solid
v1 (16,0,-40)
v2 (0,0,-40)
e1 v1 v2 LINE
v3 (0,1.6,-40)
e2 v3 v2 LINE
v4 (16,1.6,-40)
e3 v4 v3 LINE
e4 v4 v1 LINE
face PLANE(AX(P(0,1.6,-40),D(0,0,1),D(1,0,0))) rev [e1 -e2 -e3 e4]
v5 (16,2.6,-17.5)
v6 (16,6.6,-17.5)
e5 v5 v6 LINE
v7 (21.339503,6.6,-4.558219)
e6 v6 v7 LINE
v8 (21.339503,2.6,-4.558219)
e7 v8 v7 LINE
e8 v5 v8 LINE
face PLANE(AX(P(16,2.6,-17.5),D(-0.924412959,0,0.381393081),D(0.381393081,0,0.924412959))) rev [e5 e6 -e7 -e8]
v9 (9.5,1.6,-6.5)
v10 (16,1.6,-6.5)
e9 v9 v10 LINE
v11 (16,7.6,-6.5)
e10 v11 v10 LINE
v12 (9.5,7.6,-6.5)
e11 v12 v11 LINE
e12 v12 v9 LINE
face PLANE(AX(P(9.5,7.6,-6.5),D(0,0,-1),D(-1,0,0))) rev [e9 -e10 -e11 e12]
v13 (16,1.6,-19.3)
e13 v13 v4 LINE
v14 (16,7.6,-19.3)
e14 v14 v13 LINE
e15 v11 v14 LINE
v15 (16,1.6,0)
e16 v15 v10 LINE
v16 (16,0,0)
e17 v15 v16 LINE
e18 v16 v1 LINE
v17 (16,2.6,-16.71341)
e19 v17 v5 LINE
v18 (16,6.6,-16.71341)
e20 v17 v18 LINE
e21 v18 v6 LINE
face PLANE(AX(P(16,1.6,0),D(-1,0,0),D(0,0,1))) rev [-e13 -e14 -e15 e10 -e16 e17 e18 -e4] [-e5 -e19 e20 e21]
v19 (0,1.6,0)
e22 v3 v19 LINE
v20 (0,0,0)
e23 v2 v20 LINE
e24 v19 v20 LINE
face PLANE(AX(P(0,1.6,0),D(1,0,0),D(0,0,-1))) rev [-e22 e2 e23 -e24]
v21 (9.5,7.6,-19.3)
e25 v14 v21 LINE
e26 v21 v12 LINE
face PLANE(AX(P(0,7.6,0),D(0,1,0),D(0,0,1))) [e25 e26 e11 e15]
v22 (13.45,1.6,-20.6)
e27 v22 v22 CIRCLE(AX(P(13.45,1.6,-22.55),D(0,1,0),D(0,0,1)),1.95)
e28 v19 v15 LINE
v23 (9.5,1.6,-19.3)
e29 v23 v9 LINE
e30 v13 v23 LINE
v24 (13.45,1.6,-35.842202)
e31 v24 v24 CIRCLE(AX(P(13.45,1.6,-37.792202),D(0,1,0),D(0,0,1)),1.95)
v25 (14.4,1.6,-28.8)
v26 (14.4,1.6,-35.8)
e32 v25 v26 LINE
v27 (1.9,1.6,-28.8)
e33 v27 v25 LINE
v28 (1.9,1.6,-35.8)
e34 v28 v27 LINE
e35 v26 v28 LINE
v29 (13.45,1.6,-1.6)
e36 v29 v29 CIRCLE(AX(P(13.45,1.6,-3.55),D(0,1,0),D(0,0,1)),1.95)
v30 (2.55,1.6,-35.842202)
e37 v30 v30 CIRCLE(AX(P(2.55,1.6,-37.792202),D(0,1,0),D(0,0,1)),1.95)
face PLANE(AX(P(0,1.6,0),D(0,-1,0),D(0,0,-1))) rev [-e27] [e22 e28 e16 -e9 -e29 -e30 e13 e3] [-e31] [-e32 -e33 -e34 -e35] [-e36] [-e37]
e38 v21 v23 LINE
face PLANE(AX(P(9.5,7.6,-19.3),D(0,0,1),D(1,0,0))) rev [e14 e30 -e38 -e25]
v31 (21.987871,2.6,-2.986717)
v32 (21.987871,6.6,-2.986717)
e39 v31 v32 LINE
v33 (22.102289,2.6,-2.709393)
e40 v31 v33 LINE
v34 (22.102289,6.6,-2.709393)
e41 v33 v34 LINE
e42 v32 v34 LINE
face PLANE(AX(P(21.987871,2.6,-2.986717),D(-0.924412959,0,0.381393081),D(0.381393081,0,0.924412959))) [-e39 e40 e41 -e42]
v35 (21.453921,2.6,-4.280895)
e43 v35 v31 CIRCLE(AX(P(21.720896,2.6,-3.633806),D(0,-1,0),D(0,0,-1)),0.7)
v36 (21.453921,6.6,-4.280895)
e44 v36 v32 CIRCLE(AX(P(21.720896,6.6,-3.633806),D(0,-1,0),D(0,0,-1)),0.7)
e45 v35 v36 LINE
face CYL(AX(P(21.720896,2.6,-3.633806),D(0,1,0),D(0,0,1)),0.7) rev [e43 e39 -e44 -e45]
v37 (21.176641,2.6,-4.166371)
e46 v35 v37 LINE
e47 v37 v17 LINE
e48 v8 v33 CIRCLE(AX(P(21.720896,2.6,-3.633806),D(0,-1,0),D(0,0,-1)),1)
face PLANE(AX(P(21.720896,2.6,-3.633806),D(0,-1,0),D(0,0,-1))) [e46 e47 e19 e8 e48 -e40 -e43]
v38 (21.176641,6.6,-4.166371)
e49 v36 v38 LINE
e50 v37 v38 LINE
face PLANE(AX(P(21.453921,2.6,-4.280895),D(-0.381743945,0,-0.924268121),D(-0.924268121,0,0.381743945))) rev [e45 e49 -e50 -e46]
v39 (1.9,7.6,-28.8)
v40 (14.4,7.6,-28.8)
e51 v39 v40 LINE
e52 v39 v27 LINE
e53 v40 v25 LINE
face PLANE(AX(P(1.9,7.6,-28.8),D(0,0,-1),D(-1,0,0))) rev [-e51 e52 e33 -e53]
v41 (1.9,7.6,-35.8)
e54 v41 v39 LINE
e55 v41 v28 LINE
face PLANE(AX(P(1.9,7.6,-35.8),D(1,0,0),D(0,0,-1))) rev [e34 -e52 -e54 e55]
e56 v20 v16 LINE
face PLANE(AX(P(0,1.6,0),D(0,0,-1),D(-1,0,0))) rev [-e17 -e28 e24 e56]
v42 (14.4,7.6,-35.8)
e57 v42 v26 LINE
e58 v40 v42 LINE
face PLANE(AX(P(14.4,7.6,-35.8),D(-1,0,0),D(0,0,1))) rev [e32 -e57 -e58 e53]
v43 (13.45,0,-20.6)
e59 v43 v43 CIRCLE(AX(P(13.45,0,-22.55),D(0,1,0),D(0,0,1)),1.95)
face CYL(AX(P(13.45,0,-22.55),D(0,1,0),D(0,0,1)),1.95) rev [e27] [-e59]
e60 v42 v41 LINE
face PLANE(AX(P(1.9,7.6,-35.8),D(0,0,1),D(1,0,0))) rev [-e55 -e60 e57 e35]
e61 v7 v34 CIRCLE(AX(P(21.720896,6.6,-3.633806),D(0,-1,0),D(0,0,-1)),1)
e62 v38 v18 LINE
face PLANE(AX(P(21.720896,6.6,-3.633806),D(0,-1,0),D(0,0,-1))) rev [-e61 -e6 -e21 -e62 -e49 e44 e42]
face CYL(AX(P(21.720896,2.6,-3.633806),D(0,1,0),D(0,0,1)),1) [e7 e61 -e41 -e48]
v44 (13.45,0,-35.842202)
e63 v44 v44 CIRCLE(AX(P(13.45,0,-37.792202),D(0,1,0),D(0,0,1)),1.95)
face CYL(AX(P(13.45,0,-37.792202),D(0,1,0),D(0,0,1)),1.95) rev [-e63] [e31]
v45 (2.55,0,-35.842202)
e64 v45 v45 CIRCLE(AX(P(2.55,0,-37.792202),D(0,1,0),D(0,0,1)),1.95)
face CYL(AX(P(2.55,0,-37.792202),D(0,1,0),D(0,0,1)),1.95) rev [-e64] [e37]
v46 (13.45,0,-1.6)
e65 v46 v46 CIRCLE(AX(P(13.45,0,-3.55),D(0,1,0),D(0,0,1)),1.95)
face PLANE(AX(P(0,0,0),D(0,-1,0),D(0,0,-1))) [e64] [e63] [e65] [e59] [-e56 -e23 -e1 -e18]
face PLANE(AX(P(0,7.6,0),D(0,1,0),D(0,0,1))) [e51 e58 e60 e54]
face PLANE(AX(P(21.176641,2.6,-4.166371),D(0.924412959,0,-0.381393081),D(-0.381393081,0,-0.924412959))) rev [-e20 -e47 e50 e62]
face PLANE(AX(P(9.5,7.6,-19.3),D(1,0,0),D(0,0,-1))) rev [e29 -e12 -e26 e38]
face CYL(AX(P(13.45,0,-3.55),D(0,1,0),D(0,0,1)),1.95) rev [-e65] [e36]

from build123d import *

# Parameters (mm, degrees)
SKETCH1_W           = 16
SKETCH1_H           = 40
BOSS_EXTRUDE1_DEPTH = 1.6
SKETCH2_R           = 1.95
CUT_EXTRUDE1_DEPTH  = 1.6
SKETCH3_W           = 12.5
SKETCH3_H           = 7
SKETCH3_W_2         = 6.5
SKETCH3_H_2         = 12.8
BOSS_EXTRUDE2_DEPTH = 6
BOSS_EXTRUDE3_START = 1
BOSS_EXTRUDE3_DEPTH = 4


with BuildPart() as part:
    # Sketch1 → Boss-Extrude1 (new body)
    with BuildSketch(Plane(origin=(0, 0, 0), x_dir=(1, 0, 0), z_dir=(0, 1, 0))):
        with Locations((8, 20)):
            Rectangle(SKETCH1_W, SKETCH1_H)
    extrude(amount=BOSS_EXTRUDE1_DEPTH)

    # Sketch2 → Cut-Extrude1 (cut)
    with BuildSketch(Plane(origin=(0, 1.6, 0), x_dir=(1, 0, 0), z_dir=(0, 1, 0))):
        with Locations(Location((2.55, 37.792201536, 0), (0, 0, 270))):
            Circle(SKETCH2_R)
        with Locations(Location((13.45, 37.792201536, 0), (0, 0, 270))):
            Circle(SKETCH2_R)
        with Locations(Location((13.45, 3.55, 0), (0, 0, 270))):
            Circle(SKETCH2_R)
        with Locations(Location((13.45, 22.55, 0), (0, 0, 270))):
            Circle(SKETCH2_R)
    extrude(amount=-CUT_EXTRUDE1_DEPTH, mode=Mode.SUBTRACT)

    # Sketch3 → Boss-Extrude2 (add)
    with BuildSketch(Plane(origin=(0, 1.6, 0), x_dir=(1, 0, 0), z_dir=(0, 1, 0))):
        with Locations((8.15, 32.3)):
            Rectangle(SKETCH3_W, SKETCH3_H)
        with Locations((12.75, 12.9)):
            Rectangle(SKETCH3_W_2, SKETCH3_H_2)
    extrude(amount=BOSS_EXTRUDE2_DEPTH)

    # Sketch4 → Boss-Extrude3 (add)
    with BuildSketch(Plane(origin=(0.760107299, 7.6, -17.342959561), x_dir=(1, 0, 0), z_dir=(0, -1, 0)).offset(BOSS_EXTRUDE3_START)):
        with BuildLine():
            Line((15.239892701, -0.157040439), (20.579395829, 12.784740982))
            ThreePointArc((20.579395829, 12.784740982), (21.885201868, 13.32776086), (21.34218199, 14.633566899))
            Line((21.34218199, 14.633566899), (21.227764066, 14.356243012))
            ThreePointArc((21.227764066, 14.356243012), (21.60787798, 13.442178784), (20.693813753, 13.06206487))
            Line((20.693813753, 13.06206487), (20.416533297, 13.176588062))
            Line((20.416533297, 13.176588062), (15.239892701, 0.629549605))
            Line((15.239892701, 0.629549605), (15.239892701, -0.157040439))
        make_face()
    extrude(amount=BOSS_EXTRUDE3_DEPTH)


solid = part.part
